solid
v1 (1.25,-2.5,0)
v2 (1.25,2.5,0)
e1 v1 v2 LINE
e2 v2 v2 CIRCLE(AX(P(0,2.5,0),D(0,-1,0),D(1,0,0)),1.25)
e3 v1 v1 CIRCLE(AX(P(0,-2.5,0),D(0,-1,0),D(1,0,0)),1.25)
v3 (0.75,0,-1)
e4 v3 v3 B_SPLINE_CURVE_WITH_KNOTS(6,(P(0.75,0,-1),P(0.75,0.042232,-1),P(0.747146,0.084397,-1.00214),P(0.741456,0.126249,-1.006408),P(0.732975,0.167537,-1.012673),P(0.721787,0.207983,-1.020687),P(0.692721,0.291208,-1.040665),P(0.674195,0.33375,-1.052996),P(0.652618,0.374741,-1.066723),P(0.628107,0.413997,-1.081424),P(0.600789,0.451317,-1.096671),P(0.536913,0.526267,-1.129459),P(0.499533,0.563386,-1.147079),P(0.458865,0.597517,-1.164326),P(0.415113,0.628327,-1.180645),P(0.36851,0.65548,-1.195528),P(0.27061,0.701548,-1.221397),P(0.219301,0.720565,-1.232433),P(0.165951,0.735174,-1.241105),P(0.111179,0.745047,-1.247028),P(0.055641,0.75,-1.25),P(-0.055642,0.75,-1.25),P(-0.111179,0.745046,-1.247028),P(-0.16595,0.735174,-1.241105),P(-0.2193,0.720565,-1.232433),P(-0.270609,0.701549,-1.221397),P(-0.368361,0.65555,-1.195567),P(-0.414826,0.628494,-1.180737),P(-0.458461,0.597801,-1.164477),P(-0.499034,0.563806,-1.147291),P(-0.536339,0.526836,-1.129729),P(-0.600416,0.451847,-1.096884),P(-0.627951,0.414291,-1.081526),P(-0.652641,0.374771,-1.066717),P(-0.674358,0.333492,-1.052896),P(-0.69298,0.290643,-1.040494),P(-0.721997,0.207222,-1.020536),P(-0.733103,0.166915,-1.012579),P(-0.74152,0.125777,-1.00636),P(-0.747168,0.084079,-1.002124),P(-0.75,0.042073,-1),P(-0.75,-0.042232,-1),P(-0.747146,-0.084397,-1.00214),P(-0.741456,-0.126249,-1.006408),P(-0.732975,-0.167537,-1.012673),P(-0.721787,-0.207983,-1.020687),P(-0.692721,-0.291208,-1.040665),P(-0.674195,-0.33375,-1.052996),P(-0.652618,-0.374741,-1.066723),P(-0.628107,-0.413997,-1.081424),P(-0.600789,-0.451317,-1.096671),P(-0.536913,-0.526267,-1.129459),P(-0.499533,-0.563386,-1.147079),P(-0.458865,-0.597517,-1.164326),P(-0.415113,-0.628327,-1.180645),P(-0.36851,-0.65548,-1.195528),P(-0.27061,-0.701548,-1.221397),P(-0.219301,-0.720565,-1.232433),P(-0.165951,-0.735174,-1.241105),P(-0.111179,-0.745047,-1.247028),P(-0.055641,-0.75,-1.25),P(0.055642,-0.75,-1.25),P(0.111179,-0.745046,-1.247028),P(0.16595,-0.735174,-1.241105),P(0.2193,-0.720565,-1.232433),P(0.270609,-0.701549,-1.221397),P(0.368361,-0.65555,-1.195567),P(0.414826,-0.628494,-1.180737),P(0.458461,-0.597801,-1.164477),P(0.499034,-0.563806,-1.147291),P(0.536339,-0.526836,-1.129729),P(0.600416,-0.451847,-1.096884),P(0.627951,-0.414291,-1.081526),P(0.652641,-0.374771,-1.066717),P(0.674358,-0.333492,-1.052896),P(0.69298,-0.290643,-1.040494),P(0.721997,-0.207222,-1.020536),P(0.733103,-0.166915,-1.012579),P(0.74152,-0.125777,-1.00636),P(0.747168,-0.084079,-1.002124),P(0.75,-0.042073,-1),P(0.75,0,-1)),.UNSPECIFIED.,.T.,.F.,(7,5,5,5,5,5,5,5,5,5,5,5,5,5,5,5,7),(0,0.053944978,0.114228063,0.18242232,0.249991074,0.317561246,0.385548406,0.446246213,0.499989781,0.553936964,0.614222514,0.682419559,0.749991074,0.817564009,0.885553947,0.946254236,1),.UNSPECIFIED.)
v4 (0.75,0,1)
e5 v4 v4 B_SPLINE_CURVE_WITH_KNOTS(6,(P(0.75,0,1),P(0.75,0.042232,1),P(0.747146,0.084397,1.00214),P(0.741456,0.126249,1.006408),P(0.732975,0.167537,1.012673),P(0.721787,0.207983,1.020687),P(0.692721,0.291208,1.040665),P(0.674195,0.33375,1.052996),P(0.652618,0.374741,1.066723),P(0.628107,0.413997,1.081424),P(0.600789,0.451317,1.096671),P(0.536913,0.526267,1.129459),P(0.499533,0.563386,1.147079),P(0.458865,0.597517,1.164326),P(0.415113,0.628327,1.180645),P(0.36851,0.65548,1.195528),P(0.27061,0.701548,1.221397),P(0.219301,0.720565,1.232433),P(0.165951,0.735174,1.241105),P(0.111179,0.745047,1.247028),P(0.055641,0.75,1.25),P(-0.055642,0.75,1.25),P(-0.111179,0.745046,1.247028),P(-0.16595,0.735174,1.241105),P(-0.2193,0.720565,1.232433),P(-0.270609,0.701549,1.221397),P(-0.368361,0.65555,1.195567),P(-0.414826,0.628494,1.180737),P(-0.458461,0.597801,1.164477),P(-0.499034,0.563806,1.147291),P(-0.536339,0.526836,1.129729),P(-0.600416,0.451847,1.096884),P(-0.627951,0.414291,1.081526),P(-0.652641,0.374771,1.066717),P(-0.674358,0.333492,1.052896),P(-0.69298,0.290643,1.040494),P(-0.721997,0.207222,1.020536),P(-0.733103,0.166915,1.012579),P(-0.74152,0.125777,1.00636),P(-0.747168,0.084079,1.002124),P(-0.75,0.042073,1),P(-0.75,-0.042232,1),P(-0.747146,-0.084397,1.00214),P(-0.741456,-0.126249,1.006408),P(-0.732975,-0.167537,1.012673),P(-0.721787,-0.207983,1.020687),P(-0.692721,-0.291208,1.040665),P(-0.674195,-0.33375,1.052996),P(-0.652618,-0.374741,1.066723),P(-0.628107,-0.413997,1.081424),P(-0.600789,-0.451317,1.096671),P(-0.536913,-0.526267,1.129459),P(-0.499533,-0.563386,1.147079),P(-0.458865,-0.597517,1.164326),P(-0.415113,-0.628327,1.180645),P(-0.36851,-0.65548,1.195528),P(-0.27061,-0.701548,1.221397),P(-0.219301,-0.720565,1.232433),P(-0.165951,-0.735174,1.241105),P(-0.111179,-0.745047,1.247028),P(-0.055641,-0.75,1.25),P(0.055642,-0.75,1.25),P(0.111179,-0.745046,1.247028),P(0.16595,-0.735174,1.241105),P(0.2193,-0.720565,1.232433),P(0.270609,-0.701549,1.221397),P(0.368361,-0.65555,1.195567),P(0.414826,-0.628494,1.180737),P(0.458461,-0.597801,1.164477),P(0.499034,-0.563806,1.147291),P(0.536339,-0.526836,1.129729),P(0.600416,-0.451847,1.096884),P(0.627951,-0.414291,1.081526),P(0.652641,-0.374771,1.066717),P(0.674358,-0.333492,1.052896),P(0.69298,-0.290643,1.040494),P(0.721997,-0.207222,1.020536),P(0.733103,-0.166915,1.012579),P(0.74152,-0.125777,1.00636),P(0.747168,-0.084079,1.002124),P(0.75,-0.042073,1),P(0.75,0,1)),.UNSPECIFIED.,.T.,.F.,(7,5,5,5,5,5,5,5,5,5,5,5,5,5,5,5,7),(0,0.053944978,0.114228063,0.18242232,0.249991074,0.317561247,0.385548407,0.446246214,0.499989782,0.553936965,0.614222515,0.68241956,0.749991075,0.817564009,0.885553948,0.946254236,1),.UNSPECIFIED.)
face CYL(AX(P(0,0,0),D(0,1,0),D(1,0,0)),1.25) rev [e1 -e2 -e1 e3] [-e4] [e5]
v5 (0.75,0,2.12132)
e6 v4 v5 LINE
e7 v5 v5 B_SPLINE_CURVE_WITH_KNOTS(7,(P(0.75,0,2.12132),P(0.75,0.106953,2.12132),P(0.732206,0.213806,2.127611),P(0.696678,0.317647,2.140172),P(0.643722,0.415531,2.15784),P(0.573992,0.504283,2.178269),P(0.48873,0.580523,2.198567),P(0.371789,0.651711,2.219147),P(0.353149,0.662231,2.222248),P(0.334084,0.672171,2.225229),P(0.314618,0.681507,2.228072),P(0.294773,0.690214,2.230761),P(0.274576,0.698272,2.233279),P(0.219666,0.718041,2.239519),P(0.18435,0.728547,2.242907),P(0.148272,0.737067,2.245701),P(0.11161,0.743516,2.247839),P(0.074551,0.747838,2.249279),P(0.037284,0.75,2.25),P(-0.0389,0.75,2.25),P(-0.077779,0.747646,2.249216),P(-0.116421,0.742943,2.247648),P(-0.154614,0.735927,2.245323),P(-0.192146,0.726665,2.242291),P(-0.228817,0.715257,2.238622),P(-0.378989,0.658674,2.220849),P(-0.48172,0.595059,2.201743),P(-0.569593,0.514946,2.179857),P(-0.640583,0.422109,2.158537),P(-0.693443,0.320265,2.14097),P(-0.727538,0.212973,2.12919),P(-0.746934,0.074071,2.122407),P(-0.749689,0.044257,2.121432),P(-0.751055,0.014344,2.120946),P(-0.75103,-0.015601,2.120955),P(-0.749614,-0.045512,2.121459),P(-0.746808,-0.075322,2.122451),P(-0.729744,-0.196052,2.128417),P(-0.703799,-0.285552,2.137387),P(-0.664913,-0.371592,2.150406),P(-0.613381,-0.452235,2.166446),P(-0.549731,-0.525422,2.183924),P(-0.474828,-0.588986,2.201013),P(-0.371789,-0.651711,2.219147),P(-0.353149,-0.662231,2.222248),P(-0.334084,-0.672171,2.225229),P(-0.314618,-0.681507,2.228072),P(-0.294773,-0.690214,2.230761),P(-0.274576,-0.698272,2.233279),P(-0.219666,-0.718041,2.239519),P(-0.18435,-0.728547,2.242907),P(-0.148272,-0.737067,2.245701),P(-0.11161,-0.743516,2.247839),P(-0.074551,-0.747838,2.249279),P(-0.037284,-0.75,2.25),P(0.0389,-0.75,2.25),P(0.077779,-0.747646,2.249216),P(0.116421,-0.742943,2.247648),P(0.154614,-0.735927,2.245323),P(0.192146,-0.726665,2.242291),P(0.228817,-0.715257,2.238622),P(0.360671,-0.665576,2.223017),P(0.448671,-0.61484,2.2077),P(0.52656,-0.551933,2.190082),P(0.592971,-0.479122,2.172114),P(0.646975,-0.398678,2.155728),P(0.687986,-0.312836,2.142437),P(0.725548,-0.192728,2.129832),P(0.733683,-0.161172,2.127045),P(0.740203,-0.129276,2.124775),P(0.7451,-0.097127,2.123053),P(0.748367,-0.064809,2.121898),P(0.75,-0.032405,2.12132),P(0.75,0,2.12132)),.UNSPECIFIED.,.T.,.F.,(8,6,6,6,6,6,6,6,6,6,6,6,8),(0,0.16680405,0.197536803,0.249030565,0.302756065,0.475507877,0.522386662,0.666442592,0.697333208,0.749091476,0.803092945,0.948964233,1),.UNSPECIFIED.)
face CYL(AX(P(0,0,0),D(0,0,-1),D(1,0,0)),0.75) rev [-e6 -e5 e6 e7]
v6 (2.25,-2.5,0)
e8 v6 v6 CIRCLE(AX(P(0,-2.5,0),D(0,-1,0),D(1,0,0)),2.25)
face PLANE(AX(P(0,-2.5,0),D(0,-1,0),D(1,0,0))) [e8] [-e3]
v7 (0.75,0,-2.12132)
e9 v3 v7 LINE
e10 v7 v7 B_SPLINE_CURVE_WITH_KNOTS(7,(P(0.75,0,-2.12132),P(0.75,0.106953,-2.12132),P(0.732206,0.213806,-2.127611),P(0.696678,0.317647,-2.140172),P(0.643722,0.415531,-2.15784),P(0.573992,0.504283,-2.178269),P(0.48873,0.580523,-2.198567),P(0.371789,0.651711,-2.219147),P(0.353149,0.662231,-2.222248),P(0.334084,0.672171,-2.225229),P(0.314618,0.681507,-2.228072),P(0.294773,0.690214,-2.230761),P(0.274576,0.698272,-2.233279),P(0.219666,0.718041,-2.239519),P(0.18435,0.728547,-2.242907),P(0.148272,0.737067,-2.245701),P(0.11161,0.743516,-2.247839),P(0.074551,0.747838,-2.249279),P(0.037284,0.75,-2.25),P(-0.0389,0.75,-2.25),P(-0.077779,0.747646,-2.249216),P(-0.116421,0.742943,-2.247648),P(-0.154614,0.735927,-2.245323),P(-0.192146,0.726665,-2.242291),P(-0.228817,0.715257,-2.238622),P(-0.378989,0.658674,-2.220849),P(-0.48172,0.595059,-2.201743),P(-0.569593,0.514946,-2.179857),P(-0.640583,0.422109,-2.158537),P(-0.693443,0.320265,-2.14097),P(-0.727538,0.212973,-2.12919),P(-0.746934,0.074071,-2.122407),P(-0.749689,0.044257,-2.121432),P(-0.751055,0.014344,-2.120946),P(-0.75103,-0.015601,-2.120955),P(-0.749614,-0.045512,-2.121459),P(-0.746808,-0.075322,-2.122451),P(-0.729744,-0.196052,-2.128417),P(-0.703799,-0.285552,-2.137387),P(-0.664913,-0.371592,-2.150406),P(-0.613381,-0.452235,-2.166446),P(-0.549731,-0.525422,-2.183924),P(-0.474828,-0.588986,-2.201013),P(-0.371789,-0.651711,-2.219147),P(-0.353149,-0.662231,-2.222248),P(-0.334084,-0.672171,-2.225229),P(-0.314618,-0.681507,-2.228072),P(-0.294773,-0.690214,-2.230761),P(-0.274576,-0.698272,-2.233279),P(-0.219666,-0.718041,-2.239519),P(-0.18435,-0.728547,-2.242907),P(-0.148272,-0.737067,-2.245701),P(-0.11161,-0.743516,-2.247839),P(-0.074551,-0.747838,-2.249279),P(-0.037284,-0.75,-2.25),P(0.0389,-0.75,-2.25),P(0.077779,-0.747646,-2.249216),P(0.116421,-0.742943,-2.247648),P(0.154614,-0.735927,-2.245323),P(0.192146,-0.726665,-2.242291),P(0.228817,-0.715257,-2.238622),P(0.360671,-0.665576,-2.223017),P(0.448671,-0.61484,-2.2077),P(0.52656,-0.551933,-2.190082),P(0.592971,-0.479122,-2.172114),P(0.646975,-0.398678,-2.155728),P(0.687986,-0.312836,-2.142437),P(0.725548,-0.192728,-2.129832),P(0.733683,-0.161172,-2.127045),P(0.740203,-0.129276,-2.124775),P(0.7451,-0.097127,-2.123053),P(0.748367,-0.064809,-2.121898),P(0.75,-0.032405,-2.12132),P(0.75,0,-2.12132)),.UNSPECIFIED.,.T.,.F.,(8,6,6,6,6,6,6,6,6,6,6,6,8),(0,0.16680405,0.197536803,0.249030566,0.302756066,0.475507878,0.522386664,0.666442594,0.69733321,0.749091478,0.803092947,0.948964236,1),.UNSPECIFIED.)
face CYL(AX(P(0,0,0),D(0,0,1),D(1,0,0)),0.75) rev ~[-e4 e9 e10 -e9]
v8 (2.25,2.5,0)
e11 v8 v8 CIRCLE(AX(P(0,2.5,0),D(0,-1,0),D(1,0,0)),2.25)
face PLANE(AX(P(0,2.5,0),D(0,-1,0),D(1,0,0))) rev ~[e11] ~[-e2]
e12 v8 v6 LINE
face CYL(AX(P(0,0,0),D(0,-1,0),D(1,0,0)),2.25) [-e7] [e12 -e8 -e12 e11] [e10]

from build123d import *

# Parameters (mm, degrees)
F1_R          = 2.25
F1_R_2        = 1.25
F3_DEPTH      = 2.5
F2_R          = 0.75
F4_DEPTH      = 2.251
F4_DEPTH_BACK = 2.251


with BuildPart() as f3:
    # F1 (on Front) → F3 (new body, symmetric)
    with BuildSketch(Plane.XZ):
        Circle(F1_R)
        Circle(F1_R_2, mode=Mode.SUBTRACT)
    extrude(amount=F3_DEPTH, both=True)

    # F2 (on Top) → F4 (cut, two sides)
    with BuildSketch(Plane.XY) as f4_sk:
        Circle(F2_R)
    extrude(amount=F4_DEPTH, mode=Mode.SUBTRACT)
    extrude(f4_sk.sketch, amount=-F4_DEPTH_BACK, mode=Mode.SUBTRACT)


solid = f3.part
